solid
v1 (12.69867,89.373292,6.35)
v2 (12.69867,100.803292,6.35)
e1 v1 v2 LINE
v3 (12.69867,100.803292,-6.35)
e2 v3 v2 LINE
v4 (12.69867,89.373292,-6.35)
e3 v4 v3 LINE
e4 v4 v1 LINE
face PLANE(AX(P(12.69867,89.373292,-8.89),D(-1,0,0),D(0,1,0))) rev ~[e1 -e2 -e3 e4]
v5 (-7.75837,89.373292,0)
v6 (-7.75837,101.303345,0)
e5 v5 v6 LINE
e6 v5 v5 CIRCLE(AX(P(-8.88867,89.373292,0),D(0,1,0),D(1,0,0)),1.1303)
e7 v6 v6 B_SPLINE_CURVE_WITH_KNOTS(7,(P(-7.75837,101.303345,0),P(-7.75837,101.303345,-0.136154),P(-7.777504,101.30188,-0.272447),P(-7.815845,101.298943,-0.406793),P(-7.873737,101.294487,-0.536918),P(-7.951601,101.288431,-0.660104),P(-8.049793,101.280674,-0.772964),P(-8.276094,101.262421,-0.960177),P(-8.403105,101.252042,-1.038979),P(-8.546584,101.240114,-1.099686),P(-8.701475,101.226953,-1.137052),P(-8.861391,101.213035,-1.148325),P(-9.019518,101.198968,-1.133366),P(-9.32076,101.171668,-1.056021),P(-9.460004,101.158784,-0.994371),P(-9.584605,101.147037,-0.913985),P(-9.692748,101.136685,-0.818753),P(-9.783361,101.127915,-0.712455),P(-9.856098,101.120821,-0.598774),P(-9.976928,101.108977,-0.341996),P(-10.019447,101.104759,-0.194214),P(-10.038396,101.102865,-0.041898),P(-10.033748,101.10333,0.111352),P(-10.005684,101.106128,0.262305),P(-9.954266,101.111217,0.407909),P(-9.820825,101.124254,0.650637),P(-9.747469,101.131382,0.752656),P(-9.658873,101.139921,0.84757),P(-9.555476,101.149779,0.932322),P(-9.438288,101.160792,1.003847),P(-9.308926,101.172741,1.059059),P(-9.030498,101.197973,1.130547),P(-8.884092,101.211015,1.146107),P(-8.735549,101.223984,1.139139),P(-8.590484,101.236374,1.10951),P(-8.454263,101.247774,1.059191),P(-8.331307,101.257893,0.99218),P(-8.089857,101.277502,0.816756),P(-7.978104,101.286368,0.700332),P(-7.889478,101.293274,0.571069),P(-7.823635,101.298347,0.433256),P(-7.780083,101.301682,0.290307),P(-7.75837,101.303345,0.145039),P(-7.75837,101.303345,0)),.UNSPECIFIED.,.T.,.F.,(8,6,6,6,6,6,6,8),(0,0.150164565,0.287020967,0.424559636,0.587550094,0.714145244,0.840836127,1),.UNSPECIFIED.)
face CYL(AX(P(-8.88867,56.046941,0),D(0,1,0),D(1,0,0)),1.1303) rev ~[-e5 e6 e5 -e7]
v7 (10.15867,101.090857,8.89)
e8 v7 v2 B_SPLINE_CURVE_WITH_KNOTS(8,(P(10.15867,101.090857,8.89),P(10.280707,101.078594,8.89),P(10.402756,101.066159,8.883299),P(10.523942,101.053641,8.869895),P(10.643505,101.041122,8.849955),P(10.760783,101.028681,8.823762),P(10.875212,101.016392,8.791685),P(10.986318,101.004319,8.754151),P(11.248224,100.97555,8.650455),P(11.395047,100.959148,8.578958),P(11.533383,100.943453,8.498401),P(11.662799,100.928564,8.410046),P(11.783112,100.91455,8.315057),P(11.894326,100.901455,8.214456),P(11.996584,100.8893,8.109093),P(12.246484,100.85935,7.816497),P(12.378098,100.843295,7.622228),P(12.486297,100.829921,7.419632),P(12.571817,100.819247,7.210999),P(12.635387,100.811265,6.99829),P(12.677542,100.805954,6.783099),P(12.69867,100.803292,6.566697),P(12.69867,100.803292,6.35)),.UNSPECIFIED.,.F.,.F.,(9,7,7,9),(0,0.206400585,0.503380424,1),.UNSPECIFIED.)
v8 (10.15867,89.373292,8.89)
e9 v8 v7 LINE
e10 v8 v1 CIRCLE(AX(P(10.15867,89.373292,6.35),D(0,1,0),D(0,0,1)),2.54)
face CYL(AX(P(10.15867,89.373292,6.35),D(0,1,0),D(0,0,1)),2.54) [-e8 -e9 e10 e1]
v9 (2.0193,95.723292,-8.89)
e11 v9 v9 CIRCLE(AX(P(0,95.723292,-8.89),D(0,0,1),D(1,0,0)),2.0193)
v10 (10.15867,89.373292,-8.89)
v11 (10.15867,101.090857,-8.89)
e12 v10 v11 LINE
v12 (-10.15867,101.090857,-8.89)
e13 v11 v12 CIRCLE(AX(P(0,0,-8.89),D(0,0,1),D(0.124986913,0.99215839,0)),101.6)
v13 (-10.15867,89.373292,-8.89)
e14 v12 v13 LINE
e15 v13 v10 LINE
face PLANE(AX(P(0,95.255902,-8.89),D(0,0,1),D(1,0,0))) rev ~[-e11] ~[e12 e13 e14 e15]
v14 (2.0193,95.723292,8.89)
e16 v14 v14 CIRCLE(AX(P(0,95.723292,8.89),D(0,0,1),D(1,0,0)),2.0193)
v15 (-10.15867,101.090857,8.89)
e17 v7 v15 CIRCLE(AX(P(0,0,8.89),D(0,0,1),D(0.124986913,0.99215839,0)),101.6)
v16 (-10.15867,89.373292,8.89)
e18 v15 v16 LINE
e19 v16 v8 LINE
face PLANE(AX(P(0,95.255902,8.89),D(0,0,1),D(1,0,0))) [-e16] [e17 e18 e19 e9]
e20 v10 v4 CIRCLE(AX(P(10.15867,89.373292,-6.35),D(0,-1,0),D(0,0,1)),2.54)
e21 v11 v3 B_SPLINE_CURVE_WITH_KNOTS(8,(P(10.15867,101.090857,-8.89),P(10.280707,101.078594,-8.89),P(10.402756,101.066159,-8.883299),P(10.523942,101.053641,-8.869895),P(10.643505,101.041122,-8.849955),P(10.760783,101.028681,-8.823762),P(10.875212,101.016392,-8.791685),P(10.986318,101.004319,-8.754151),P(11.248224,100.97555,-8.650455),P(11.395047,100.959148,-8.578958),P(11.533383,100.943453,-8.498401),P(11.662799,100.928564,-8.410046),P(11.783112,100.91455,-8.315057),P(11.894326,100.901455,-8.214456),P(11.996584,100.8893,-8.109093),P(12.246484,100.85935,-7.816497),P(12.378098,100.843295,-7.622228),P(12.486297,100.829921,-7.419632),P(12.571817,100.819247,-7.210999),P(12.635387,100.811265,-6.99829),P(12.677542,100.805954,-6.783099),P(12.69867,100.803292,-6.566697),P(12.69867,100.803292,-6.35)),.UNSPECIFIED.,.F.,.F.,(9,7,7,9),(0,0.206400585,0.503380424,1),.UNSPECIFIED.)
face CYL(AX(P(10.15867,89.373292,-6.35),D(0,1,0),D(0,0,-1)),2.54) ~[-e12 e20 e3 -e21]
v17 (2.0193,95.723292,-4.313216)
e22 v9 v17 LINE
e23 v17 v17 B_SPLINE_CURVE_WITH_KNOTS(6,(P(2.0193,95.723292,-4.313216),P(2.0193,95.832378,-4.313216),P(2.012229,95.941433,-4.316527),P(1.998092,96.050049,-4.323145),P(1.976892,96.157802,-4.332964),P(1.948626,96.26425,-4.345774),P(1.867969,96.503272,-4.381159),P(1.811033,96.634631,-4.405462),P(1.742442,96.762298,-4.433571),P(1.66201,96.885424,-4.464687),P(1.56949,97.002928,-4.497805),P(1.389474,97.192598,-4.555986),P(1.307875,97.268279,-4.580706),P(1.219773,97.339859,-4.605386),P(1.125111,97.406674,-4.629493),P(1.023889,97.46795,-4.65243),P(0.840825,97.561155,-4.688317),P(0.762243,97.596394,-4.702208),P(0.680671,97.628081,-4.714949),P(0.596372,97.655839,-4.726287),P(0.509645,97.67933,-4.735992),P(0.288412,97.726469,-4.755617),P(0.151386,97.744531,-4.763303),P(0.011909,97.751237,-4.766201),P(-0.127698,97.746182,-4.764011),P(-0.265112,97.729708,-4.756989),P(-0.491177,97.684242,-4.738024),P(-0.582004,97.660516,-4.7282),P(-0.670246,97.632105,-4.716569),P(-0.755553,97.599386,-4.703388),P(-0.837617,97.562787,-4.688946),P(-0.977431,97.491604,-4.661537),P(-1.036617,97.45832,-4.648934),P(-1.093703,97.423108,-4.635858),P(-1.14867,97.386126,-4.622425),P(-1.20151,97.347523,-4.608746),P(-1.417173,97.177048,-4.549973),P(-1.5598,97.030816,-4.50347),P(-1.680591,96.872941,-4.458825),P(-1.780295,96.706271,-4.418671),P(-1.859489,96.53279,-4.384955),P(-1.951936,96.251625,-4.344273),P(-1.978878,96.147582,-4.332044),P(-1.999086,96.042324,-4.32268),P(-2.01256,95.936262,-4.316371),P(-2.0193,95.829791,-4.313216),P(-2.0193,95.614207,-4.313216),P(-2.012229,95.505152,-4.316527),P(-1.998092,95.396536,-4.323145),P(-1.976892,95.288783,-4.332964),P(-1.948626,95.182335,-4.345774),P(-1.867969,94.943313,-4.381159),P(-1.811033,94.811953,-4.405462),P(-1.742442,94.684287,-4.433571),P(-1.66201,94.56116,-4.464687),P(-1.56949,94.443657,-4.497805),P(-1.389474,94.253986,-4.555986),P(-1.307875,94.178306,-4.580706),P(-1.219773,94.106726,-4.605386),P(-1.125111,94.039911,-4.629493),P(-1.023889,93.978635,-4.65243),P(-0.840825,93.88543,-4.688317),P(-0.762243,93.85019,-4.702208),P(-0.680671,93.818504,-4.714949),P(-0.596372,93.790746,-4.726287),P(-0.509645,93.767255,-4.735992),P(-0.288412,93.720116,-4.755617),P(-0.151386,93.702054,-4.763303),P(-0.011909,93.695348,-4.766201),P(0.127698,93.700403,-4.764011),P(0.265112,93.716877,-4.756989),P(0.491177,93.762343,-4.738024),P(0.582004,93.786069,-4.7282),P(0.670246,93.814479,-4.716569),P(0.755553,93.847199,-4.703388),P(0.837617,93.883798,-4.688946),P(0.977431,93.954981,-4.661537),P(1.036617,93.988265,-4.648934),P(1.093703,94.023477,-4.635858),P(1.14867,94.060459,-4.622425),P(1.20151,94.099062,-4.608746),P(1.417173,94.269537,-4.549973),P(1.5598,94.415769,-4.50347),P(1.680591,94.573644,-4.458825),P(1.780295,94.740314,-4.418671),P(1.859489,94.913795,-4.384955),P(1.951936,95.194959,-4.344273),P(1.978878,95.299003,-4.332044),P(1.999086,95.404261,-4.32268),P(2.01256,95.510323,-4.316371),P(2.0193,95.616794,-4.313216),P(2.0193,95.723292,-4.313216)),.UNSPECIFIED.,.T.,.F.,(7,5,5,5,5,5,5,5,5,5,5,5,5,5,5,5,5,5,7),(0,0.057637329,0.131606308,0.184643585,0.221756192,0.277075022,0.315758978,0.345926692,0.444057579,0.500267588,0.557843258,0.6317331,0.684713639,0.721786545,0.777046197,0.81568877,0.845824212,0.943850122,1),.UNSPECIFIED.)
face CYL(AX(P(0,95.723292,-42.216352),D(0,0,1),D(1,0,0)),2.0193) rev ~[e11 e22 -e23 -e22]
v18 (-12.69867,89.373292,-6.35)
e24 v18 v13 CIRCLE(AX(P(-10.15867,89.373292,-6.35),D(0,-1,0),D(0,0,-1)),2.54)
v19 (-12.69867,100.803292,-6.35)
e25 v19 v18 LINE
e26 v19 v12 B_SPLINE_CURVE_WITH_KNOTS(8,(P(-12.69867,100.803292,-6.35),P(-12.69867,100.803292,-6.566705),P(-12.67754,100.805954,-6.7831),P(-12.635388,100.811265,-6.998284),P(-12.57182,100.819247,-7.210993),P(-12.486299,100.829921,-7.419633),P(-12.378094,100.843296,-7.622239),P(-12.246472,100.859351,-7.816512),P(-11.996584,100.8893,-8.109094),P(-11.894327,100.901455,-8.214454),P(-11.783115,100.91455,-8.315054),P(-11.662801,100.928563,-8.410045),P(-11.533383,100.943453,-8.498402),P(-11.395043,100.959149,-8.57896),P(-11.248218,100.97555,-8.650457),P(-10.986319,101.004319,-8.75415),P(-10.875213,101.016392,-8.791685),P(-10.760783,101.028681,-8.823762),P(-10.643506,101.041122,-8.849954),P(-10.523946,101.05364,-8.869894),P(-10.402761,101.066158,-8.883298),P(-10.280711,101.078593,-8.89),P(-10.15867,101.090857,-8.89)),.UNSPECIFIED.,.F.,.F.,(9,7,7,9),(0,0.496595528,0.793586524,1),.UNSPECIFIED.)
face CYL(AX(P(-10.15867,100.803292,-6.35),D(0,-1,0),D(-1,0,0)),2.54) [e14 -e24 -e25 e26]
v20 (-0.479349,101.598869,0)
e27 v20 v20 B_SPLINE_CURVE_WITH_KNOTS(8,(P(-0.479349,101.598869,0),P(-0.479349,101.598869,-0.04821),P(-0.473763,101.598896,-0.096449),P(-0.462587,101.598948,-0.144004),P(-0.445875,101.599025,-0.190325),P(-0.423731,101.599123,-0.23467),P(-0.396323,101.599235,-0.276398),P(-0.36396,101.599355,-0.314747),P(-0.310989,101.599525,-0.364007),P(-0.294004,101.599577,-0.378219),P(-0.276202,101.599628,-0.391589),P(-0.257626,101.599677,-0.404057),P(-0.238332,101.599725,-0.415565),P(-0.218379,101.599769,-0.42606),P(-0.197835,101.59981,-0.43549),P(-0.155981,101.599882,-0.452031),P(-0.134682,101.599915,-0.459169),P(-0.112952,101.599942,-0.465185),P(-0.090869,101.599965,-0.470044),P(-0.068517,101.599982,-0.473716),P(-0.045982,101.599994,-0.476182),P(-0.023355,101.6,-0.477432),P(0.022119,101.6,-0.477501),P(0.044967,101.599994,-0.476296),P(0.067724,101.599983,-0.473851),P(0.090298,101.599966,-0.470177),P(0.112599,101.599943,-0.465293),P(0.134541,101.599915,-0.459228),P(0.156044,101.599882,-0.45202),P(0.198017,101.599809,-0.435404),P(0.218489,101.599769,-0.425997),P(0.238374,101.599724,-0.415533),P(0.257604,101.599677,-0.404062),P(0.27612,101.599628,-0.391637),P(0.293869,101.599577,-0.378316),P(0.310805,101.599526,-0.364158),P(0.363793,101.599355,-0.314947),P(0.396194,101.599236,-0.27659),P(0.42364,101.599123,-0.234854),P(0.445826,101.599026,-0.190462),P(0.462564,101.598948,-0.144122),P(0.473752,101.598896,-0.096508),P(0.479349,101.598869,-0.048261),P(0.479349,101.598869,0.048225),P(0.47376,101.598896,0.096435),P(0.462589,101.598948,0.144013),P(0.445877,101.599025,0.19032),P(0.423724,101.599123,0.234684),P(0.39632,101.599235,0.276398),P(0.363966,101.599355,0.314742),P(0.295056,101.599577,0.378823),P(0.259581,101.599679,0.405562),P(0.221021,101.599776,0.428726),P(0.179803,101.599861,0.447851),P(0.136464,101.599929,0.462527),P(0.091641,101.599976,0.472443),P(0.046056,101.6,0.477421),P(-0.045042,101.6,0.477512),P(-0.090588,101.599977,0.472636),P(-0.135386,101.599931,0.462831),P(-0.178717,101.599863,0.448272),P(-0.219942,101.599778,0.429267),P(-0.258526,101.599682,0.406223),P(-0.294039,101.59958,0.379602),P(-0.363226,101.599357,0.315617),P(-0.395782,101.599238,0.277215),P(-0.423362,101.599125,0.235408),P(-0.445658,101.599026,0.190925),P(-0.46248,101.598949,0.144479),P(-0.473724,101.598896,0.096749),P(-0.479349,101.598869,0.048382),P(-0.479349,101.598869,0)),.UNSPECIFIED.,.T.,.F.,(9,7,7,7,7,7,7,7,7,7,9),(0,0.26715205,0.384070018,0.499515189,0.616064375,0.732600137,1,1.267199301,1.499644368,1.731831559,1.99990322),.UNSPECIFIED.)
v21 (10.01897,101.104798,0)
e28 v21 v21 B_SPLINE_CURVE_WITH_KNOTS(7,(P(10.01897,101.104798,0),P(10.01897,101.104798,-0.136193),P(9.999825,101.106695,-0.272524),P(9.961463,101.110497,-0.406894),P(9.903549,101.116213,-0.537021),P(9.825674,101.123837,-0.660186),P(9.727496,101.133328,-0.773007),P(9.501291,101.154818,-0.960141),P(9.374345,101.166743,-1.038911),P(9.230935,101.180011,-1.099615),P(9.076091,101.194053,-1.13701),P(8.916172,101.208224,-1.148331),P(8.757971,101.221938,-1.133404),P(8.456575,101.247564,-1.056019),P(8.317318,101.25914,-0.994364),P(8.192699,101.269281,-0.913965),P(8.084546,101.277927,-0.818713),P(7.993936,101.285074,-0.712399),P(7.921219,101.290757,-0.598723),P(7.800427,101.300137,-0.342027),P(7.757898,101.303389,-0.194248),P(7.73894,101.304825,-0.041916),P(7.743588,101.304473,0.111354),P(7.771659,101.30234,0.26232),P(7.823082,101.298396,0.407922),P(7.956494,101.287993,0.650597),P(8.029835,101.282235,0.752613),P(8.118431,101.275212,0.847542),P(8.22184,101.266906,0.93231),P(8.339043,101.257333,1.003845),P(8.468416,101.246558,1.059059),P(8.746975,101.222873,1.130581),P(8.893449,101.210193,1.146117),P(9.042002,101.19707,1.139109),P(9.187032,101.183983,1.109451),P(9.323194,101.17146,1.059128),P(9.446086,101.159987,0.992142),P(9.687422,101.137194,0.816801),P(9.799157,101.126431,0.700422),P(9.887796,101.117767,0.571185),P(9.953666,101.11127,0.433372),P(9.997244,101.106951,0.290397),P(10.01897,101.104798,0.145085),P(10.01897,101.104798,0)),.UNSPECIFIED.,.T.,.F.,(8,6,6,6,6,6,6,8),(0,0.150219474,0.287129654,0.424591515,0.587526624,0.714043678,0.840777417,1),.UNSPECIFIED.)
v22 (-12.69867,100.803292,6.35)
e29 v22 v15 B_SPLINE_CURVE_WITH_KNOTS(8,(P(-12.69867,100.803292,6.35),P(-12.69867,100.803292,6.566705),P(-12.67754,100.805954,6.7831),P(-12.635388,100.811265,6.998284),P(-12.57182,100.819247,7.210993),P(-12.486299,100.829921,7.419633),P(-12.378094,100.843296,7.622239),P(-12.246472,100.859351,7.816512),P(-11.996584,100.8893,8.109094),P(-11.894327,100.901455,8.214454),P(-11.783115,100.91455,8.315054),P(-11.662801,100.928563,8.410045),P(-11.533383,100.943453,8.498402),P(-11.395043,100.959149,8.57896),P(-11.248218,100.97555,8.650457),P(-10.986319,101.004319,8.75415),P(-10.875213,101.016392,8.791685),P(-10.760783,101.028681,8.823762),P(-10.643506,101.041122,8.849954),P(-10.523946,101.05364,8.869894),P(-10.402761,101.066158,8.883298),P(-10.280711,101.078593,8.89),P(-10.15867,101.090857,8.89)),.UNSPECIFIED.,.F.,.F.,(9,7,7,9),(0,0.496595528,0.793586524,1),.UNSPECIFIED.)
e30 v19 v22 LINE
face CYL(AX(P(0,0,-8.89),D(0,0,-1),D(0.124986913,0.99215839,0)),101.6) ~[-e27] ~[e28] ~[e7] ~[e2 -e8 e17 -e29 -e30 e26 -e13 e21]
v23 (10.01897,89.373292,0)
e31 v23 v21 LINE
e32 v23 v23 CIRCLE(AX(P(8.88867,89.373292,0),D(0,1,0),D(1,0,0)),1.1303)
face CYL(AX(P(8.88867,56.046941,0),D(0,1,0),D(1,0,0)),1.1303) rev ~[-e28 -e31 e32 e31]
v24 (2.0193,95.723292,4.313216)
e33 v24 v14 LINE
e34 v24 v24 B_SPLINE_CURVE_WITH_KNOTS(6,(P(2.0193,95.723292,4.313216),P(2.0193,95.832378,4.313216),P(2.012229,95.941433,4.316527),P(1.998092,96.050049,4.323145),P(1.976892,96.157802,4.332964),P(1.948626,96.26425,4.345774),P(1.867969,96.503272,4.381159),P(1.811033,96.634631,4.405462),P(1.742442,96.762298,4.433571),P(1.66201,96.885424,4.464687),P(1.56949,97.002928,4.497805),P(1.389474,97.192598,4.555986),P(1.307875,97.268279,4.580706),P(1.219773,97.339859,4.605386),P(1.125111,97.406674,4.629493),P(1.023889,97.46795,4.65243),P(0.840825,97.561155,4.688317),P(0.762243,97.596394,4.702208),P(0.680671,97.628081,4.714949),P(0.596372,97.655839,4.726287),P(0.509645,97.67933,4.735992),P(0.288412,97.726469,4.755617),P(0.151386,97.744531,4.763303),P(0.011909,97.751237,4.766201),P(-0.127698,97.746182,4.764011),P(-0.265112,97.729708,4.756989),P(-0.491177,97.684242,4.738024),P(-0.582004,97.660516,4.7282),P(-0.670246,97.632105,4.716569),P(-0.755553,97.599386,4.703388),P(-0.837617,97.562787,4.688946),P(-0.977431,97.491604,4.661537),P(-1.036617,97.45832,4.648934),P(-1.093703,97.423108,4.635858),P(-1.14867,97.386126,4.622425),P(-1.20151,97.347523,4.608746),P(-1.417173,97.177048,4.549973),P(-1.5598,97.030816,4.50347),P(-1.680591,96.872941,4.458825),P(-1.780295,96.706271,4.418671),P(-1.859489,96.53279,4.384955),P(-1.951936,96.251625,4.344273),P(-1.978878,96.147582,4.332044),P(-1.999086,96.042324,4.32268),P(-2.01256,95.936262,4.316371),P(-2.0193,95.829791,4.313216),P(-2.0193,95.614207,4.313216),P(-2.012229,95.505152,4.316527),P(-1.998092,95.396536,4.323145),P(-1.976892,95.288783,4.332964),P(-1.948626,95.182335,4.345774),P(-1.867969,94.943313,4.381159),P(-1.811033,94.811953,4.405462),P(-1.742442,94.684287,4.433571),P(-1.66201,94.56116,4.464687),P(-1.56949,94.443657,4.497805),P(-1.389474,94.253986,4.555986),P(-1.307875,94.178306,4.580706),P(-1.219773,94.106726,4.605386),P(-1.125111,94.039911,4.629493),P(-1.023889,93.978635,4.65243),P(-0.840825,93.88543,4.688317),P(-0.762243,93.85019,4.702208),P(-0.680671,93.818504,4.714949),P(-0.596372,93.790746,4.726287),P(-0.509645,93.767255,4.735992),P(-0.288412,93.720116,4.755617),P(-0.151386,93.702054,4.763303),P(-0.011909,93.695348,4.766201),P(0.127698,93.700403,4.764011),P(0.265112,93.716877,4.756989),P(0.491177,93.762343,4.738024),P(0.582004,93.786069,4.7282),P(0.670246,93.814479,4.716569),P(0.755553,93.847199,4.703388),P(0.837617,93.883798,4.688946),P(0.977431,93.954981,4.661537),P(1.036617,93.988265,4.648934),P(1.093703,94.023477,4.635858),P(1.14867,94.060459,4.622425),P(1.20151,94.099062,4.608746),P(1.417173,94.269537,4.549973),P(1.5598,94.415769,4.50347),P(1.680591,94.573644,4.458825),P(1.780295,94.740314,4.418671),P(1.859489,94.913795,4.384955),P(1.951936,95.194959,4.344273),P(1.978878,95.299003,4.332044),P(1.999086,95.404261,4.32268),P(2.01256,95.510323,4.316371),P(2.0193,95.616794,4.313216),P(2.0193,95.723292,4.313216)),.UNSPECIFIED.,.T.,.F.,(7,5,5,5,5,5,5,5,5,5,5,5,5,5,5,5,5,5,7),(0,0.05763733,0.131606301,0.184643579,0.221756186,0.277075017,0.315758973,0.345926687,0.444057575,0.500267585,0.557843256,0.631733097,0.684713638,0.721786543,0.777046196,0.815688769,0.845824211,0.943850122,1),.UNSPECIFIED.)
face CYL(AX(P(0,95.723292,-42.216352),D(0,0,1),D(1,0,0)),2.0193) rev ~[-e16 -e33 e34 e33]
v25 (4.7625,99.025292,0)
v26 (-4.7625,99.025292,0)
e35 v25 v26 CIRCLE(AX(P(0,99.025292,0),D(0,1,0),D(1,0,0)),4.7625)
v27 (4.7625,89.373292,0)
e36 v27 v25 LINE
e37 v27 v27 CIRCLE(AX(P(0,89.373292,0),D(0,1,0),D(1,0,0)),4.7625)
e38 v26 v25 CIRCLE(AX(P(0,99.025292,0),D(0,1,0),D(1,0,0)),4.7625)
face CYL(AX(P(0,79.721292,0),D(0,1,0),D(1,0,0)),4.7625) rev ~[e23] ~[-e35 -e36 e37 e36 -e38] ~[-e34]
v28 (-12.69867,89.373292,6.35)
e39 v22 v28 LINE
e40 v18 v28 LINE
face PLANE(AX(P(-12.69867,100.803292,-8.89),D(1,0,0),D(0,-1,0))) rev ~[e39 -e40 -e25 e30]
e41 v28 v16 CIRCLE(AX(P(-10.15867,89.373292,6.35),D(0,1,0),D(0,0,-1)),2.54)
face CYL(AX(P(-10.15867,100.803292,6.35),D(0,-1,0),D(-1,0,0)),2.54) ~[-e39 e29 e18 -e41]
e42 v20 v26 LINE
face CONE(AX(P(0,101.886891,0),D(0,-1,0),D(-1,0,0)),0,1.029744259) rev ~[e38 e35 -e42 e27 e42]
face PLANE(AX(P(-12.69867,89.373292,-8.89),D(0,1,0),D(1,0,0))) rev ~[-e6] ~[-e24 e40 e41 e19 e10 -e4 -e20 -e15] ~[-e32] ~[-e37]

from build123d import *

# Parameters (mm, degrees)
BOSS_EXTRUDE1_DEPTH              = 8.89
BOSS_EXTRUDE1_DEPTH_BACK         = 8.89
F_3_8_0_375_DIAMETER_SLOT1_D     = 9.525
F_3_8_0_375_DIAMETER_SLOT1_DEPTH = 9.652
F_3_8_0_375_DIAMETER_SLOT1_TIP   = 2.861598698
TAP_DRILL_FOR_4_40_TAP1_D        = 2.2606
FILLET1_R                        = 2.54
F_10_32_TAPPED_HOLE1_D           = 4.0386


with BuildPart() as part:
    # Sketch1 → Boss-Extrude1 (new, two sides: drawn at the far end of the back side and taken through both)
    with BuildSketch(Plane.XY.offset(-BOSS_EXTRUDE1_DEPTH_BACK)):
        with BuildLine():
            Line((-12.698670317, 100.803292467), (-12.698670317, 89.373292467))
            Line((-12.698670317, 89.373292467), (12.698670317, 89.373292467))
            Line((12.698670317, 89.373292467), (12.698670317, 100.803292467))
            ThreePointArc((12.698670317, 100.803292467), (0, 101.6), (-12.698670317, 100.803292467))
        make_face()
    extrude(amount=BOSS_EXTRUDE1_DEPTH + BOSS_EXTRUDE1_DEPTH_BACK)

    # 3/8 (0.375) Diameter Slot1
    with Locations(Plane(origin=(0, 89.373292467, 0), x_dir=(-1, 0, 0), z_dir=(0, -1, 0))):
        with Locations((0, 0)):
            Hole(F_3_8_0_375_DIAMETER_SLOT1_D / 2, depth=F_3_8_0_375_DIAMETER_SLOT1_DEPTH)
            with Locations((0, 0, -(F_3_8_0_375_DIAMETER_SLOT1_DEPTH + F_3_8_0_375_DIAMETER_SLOT1_TIP / 2))):  # 118° drill point
                Cone(0, F_3_8_0_375_DIAMETER_SLOT1_D / 2, F_3_8_0_375_DIAMETER_SLOT1_TIP, mode=Mode.SUBTRACT)

    # Tap Drill for #4-40 Tap1 (through all)
    with Locations(Plane(origin=(0, 89.373292467, 0), x_dir=(-1, 0, 0), z_dir=(0, -1, 0))):
        with Locations((-8.888670317, 0), (8.888670317, 0)):
            Hole(TAP_DRILL_FOR_4_40_TAP1_D / 2)

    # Fillet1
    fillet1_edges = [part.edges().sort_by_distance(p)[0] for p in [
        (12.698670317, 95.088292467, 8.89),
        (-12.698670317, 95.088292467, -8.89),
        (-12.698670317, 95.088292467, 8.89),
        (12.698670317, 95.088292467, -8.89),
    ]]
    fillet(fillet1_edges, radius=FILLET1_R)

    # #10-32 Tapped Hole1 (through all)
    with Locations(Plane(origin=(0, 0, -8.89), x_dir=(-1, 0, 0), z_dir=(0, 0, -1))):
        with Locations((0, 95.723292467)):
            Hole(F_10_32_TAPPED_HOLE1_D / 2)


solid = part.part
